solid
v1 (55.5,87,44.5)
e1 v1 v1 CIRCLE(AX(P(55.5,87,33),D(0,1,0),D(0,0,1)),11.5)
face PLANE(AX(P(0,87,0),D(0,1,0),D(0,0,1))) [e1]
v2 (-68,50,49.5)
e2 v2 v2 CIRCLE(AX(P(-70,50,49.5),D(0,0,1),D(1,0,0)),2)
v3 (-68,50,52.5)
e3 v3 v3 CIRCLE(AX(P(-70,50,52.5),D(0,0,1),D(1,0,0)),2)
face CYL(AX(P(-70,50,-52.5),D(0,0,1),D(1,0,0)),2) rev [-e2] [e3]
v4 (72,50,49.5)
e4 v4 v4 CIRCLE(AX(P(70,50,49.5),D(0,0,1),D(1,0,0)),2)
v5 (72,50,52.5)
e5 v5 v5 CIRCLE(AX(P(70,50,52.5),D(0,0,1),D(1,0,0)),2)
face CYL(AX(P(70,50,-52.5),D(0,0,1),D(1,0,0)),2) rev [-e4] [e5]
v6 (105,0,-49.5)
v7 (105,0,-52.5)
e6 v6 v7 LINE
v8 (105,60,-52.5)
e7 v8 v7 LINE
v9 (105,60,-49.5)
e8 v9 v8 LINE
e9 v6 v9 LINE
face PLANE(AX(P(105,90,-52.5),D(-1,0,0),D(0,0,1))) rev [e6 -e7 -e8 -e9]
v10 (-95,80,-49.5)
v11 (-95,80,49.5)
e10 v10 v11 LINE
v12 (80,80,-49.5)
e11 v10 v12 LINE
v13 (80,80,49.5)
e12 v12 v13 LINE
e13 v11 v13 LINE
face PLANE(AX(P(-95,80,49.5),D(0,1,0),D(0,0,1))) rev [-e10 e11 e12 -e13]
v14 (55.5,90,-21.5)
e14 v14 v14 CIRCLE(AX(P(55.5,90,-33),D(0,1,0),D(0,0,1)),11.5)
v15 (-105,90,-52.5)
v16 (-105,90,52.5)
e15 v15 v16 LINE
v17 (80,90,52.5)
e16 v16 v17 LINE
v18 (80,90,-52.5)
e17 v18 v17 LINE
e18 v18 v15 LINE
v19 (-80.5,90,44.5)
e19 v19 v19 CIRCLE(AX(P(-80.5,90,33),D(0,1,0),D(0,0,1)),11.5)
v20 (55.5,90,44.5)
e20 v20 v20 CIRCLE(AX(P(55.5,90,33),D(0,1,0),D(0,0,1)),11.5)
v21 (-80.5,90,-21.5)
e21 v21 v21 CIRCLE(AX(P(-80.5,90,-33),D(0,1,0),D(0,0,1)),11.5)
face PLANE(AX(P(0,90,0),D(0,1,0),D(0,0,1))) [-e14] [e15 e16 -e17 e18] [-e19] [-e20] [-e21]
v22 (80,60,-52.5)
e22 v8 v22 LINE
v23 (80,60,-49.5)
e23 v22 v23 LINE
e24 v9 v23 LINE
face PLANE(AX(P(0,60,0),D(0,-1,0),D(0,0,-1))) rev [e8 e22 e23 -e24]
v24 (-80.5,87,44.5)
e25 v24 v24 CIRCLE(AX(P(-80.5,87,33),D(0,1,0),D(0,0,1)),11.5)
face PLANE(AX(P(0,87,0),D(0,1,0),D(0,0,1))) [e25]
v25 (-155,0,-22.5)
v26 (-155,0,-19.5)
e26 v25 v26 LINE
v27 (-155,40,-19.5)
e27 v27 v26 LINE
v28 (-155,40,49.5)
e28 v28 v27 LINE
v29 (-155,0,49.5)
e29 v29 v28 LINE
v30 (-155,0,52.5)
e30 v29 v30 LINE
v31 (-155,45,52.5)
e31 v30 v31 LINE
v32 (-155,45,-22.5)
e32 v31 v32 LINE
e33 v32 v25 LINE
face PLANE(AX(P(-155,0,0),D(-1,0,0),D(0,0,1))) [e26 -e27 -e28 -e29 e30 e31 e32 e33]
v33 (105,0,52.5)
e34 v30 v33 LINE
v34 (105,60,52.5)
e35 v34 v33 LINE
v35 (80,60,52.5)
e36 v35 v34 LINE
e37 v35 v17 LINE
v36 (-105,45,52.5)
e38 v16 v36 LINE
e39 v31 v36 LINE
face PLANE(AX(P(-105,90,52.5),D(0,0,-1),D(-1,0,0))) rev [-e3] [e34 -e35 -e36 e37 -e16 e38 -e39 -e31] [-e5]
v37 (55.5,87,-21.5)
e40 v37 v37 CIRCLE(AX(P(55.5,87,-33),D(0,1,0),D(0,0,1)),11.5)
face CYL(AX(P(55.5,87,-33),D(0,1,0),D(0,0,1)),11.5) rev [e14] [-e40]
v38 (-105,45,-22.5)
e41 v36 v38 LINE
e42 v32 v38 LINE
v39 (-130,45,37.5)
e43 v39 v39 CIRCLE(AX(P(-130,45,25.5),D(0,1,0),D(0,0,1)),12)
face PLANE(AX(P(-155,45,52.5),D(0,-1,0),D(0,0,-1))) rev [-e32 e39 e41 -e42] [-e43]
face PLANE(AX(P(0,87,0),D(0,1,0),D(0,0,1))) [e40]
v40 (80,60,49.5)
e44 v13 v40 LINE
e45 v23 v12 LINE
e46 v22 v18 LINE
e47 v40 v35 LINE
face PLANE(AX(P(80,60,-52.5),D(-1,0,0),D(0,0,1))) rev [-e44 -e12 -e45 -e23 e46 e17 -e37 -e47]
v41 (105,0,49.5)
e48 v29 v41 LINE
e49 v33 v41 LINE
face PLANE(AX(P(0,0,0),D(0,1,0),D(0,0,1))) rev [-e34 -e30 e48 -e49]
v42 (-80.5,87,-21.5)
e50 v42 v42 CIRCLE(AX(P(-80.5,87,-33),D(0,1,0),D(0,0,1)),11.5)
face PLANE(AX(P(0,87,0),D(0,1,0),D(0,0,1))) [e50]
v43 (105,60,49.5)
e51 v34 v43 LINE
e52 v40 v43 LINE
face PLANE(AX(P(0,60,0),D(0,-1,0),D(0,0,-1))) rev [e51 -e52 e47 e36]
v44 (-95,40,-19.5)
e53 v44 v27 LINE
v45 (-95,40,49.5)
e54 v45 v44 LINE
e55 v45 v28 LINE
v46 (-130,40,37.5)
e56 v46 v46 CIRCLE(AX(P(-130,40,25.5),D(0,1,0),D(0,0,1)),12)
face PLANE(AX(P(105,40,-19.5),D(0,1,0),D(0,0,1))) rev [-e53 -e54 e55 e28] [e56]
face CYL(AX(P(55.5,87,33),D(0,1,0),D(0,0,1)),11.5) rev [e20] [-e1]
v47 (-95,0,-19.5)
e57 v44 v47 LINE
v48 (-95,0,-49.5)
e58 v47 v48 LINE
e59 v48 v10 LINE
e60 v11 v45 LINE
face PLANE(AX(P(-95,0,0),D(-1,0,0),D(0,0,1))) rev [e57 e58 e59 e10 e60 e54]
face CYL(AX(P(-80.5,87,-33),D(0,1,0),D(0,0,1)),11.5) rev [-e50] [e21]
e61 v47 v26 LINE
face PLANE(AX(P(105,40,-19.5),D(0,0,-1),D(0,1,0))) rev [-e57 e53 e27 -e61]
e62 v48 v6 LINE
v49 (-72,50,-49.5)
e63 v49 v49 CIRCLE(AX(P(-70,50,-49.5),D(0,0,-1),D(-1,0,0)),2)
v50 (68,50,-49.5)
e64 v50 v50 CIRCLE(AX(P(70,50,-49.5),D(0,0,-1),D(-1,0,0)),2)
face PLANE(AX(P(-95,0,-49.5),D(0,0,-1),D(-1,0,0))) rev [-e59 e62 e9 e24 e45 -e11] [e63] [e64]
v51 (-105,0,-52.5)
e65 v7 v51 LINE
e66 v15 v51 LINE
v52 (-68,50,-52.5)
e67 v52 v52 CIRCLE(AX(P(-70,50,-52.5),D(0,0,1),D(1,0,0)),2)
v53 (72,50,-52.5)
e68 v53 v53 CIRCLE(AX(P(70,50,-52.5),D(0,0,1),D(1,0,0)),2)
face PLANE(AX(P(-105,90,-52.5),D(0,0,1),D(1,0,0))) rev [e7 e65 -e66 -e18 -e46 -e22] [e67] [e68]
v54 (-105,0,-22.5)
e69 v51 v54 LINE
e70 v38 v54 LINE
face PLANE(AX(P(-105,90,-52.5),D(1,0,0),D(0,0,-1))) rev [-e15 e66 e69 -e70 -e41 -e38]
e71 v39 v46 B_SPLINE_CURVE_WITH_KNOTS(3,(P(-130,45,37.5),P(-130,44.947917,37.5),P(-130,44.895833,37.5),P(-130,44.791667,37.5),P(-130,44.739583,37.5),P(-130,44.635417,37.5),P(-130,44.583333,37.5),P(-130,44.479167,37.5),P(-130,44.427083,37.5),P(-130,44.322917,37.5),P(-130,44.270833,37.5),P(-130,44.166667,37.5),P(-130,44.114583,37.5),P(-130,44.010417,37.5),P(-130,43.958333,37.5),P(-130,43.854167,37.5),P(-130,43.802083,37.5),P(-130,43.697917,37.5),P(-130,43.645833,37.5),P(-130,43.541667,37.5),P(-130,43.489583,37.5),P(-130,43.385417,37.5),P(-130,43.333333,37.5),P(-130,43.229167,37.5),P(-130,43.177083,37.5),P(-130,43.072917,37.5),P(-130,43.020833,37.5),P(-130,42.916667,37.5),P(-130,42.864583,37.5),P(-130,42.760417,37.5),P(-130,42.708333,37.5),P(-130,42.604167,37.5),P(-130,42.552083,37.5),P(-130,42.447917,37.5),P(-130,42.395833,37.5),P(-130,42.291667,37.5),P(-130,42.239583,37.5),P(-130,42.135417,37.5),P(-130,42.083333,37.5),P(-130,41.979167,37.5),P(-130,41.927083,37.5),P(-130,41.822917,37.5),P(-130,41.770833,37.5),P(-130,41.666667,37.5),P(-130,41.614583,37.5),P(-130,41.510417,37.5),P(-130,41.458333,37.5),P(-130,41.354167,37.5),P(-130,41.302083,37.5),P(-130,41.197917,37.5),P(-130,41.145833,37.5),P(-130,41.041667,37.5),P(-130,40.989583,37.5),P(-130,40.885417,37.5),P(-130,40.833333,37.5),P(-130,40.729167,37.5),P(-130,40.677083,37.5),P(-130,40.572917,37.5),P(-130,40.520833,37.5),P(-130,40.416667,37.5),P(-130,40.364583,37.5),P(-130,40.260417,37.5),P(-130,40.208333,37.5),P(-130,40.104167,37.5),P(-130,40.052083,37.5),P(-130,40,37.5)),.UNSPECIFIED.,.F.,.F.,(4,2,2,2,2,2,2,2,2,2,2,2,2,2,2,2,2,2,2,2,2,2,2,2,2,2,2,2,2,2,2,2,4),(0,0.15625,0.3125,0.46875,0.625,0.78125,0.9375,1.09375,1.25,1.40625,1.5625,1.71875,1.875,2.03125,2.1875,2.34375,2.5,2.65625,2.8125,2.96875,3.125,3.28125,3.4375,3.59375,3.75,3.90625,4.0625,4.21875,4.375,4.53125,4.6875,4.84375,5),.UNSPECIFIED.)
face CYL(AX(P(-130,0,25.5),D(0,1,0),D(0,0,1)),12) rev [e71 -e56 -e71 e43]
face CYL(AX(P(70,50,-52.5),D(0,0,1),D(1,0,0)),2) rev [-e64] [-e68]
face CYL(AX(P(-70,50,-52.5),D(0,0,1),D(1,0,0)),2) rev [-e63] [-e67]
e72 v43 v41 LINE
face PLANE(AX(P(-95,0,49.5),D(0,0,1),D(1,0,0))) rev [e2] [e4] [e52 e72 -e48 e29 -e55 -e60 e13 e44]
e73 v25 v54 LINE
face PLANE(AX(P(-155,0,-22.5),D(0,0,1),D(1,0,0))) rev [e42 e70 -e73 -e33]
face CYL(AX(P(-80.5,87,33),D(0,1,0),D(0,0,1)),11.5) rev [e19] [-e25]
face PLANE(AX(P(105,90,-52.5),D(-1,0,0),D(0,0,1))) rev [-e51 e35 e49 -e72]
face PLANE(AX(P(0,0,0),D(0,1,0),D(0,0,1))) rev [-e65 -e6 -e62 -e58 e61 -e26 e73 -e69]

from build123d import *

# Parameters (mm, degrees)
SKETCH_2_W          = 210
SKETCH_2_H          = 105
EXTRUDE_1_DEPTH     = 90
SKETCH_5_W          = 99
SKETCH_5_H          = 80
CUT_EXTRUDE_2_DEPTH = 200
SKETCH_6_W          = 75
SKETCH_6_H          = 45
EXTRUDE_2_DEPTH     = 50
SKETCH_7_W          = 69
SKETCH_7_H          = 40
CUT_EXTRUDE_3_DEPTH = 281.100428418
SKETCH_8_R          = 12
CUT_EXTRUDE_4_DEPTH = 170.724040725
SKETCH_9_R          = 2
CUT_EXTRUDE_5_DEPTH = 208.725780778
SKETCH_11_W         = 25
SKETCH_11_H         = 105
CUT_EXTRUDE_6_DEPTH = 30
SKETCH_4_R          = 11.5
CUT_EXTRUDE_8_DEPTH = 3


with BuildPart() as part:
    # 草图2 → 凸台-拉伸1 (new body)
    with BuildSketch(Plane(origin=(0, 0, 0), x_dir=(1, 0, 0), z_dir=(0, 1, 0))):
        Rectangle(SKETCH_2_W, SKETCH_2_H)
    extrude(amount=EXTRUDE_1_DEPTH)

    # 草图5 → 切除-拉伸2 (cut)
    with BuildSketch(Plane(origin=(105, 0, 0), x_dir=(0, 0, -1), z_dir=(1, 0, 0))):
        with Locations((0, 40)):
            Rectangle(SKETCH_5_W, SKETCH_5_H)
    extrude(amount=-CUT_EXTRUDE_2_DEPTH, mode=Mode.SUBTRACT)

    # 草图6 → 凸台-拉伸2 (add)
    with BuildSketch(Plane.ZY.offset(105)):
        with Locations((15, 22.5)):
            Rectangle(SKETCH_6_W, SKETCH_6_H)
    extrude(amount=EXTRUDE_2_DEPTH)

    # 草图7 → 切除-拉伸3 (cut, through all)
    with BuildSketch(Plane.ZY.offset(155)):
        with Locations((15, 20)):
            Rectangle(SKETCH_7_W, SKETCH_7_H)
    extrude(amount=-CUT_EXTRUDE_3_DEPTH, mode=Mode.SUBTRACT)

    # 草图8 → 切除-拉伸4 (cut, through all)
    with BuildSketch(Plane(origin=(0, 45, 0), x_dir=(1, 0, 0), z_dir=(0, 1, 0))):
        with Locations(Location((-130, -25.5, 0), (0, 0, 270))):
            Circle(SKETCH_8_R)
    extrude(amount=-CUT_EXTRUDE_4_DEPTH, mode=Mode.SUBTRACT)

    # 草图9 → 切除-拉伸5 (cut, through all)
    with BuildSketch(Plane.XY.offset(52.5)):
        with Locations((-70, 50)):
            Circle(SKETCH_9_R)
        with Locations((70, 50)):
            Circle(SKETCH_9_R)
    extrude(amount=-CUT_EXTRUDE_5_DEPTH, mode=Mode.SUBTRACT)

    # 草图11 → 切除-拉伸6 (cut)
    with BuildSketch(Plane(origin=(0, 90, 0), x_dir=(1, 0, 0), z_dir=(0, 1, 0))):
        with Locations((92.5, 0)):
            Rectangle(SKETCH_11_W, SKETCH_11_H)
    extrude(amount=-CUT_EXTRUDE_6_DEPTH, mode=Mode.SUBTRACT)

    # 草图4 → 切除-拉伸8 (cut)
    with BuildSketch(Plane(origin=(0, 90, 0), x_dir=(1, 0, 0), z_dir=(0, 1, 0))):
        with Locations(Location((-80.5, 33, 0), (0, 0, 270))):
            Circle(SKETCH_4_R)
        with Locations(Location((55.5, 33, 0), (0, 0, 270))):
            Circle(SKETCH_4_R)
        with Locations(Location((-80.5, -33, 0), (0, 0, 270))):
            Circle(SKETCH_4_R)
        with Locations(Location((55.5, -33, 0), (0, 0, 270))):
            Circle(SKETCH_4_R)
    extrude(amount=-CUT_EXTRUDE_8_DEPTH, mode=Mode.SUBTRACT)


solid = part.part
